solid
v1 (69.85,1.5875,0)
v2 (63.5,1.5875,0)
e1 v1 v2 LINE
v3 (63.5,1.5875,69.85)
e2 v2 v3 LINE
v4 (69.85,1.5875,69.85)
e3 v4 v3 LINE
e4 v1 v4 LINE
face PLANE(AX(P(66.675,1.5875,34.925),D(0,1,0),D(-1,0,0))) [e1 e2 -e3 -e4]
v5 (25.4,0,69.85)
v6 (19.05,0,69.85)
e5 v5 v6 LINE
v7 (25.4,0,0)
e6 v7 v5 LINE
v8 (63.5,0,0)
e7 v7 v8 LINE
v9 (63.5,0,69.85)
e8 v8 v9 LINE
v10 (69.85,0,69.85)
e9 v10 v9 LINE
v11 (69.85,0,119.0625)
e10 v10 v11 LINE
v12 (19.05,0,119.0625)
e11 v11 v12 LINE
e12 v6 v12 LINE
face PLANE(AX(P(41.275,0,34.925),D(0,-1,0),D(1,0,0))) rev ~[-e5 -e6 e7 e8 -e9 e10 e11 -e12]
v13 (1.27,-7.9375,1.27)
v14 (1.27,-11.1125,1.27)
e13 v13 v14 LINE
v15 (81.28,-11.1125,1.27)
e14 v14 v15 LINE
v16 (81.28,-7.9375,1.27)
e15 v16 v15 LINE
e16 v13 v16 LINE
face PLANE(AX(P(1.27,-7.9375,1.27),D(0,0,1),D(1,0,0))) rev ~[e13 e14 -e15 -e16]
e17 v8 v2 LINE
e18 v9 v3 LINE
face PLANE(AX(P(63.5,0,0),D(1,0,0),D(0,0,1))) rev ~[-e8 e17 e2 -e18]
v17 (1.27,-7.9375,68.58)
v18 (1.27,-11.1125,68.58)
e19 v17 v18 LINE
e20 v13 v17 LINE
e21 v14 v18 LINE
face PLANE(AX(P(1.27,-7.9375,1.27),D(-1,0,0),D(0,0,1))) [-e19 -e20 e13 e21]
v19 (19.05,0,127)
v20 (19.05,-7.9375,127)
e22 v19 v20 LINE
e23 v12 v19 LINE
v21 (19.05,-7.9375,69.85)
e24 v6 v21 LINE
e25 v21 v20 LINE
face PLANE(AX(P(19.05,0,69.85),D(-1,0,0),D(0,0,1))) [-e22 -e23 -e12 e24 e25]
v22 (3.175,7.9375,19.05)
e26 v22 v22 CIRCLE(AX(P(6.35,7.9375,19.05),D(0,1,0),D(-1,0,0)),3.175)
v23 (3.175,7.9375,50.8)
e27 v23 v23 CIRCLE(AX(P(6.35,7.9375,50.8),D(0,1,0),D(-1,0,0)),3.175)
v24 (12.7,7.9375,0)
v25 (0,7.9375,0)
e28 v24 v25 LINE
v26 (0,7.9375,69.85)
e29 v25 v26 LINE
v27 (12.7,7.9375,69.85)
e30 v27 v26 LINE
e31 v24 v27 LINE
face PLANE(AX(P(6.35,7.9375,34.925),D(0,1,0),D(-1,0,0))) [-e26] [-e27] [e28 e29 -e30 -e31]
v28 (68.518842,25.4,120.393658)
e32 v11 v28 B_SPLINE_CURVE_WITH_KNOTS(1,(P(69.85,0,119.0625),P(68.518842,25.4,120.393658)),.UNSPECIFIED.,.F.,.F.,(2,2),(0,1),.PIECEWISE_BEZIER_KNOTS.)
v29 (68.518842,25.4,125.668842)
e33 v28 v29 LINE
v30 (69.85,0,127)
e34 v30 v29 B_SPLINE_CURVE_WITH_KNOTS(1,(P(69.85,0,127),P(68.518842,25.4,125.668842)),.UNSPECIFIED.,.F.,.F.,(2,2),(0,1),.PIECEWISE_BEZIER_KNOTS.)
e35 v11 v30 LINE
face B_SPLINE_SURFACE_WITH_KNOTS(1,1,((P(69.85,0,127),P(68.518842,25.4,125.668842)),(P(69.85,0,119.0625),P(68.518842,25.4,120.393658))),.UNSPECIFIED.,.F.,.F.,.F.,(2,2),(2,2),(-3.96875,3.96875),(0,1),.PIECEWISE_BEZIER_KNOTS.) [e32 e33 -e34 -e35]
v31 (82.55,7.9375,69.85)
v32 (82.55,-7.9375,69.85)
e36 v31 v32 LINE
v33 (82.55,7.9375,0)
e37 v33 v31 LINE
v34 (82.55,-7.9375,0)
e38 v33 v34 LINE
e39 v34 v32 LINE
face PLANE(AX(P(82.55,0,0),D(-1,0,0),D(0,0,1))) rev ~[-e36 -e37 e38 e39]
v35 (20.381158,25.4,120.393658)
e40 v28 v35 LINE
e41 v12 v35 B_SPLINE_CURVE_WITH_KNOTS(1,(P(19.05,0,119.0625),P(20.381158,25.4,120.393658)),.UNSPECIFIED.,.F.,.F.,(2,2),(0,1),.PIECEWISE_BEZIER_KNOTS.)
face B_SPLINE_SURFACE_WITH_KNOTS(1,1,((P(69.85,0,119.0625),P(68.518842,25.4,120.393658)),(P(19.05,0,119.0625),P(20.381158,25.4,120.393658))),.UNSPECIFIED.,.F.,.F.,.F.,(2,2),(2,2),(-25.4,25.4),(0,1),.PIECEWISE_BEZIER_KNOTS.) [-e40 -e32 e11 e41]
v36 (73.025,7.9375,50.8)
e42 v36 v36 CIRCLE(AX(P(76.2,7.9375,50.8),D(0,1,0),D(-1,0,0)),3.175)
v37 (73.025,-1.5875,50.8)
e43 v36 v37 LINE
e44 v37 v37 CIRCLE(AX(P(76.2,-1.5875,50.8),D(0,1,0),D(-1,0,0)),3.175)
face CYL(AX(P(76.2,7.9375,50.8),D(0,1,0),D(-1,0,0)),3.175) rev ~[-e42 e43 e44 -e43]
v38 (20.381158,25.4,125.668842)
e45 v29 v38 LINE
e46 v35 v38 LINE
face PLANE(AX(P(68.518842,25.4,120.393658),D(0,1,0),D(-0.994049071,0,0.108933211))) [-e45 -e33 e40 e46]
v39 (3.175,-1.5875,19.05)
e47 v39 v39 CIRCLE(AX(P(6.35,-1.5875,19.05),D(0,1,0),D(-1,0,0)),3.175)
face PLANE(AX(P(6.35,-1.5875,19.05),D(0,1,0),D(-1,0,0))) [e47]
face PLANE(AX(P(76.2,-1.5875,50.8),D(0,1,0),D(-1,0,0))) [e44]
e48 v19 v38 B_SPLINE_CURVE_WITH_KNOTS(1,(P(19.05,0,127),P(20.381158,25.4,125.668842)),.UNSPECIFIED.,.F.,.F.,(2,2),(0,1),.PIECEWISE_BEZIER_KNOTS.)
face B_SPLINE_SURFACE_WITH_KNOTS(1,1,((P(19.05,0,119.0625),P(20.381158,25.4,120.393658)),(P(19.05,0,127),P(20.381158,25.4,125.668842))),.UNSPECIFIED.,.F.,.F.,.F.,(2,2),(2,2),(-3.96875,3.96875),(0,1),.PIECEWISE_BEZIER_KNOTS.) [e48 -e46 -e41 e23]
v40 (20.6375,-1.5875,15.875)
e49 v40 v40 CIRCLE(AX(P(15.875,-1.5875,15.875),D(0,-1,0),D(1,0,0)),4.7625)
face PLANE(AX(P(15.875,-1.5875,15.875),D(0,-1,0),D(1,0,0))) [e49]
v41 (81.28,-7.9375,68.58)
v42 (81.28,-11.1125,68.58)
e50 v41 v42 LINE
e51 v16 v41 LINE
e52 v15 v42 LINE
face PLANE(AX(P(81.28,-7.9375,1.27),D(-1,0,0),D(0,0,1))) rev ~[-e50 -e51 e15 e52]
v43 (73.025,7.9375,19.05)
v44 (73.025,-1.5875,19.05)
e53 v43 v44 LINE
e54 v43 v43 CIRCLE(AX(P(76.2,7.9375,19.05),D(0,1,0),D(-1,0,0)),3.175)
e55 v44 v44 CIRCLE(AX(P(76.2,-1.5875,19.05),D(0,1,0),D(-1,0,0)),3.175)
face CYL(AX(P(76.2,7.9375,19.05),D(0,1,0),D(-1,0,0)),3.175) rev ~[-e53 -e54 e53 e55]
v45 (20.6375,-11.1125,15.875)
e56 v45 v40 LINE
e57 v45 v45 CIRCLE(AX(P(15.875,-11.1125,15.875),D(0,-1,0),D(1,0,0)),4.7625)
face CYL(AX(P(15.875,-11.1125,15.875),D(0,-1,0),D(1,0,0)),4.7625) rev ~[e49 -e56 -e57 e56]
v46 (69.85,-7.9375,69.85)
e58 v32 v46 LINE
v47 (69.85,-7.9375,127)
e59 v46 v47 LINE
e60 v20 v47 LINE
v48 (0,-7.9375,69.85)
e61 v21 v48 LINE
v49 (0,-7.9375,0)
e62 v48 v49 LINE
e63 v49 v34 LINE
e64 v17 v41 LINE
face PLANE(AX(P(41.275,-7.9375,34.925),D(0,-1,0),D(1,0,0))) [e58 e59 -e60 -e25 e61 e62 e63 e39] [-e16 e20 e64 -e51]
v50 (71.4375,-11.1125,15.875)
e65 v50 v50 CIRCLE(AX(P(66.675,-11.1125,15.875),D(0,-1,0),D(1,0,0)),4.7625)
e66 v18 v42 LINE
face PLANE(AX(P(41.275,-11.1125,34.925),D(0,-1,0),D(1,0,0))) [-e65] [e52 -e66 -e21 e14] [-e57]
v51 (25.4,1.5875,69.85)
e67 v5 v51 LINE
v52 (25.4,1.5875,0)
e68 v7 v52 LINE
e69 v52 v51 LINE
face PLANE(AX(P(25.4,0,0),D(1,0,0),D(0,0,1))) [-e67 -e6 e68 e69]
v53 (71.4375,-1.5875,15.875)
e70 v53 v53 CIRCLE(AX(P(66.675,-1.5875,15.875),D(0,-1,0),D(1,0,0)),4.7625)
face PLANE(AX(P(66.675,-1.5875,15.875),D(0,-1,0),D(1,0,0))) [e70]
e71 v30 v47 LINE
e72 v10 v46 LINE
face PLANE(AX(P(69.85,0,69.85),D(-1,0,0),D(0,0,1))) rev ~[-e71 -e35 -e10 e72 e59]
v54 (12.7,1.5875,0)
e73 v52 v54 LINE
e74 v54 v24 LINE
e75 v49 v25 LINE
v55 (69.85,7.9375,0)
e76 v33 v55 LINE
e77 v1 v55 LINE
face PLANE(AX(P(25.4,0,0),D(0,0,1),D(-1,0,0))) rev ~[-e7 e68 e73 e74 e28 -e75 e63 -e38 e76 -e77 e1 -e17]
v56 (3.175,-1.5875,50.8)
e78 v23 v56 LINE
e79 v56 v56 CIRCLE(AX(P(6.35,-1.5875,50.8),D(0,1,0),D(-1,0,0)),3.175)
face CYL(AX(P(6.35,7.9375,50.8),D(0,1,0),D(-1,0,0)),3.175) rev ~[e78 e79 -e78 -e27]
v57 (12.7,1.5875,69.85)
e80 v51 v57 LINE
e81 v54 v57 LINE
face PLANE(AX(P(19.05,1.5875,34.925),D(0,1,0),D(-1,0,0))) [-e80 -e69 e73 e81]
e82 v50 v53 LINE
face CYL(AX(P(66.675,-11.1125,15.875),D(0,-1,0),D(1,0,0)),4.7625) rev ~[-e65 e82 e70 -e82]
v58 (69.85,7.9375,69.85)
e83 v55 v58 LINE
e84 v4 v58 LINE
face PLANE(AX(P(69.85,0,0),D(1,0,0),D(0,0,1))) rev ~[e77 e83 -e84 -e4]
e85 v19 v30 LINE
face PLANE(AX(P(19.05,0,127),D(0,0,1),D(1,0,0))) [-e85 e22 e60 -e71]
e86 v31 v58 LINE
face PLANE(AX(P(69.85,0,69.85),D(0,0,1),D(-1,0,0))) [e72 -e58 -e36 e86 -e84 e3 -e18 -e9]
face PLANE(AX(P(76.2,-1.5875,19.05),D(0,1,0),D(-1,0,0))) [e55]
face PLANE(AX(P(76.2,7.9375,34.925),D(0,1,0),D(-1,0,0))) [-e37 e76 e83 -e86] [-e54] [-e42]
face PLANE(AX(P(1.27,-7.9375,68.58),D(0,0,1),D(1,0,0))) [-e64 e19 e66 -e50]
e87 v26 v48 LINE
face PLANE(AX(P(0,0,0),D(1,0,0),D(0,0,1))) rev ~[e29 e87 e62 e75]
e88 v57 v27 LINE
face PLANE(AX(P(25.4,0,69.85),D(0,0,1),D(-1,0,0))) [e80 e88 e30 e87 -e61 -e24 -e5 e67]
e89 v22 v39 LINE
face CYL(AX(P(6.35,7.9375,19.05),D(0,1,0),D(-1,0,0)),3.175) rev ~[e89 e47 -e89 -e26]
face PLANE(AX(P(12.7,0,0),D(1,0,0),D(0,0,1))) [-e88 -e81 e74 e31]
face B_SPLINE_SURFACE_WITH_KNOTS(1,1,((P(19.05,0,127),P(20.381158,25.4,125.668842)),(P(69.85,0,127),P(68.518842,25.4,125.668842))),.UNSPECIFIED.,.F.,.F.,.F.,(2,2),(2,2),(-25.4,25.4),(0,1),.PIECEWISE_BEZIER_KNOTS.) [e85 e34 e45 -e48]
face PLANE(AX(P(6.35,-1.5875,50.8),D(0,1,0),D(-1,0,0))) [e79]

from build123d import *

# Parameters (mm, degrees)
F0_W      = 50.8
F0_H      = 57.15
F1_DEPTH  = 7.9375
F2_W      = 12.7
F2_H      = 69.85
F3_DEPTH  = 7.9375
F4_W      = 12.7
F4_H      = 69.85
F4_W_2    = 6.35
F5_DEPTH  = 1.5875
F6_W      = 50.8
F6_H      = 7.9375
F7_DEPTH  = 25.4
F7_TAPER  = 3
F8_W      = 80.01
F8_H      = 67.31
F9_DEPTH  = 3.175
F10_R     = 4.7625
F11_DEPTH = 9.525
F12_R     = 3.175
F13_DEPTH = 9.525


with BuildPart() as f1:
    # F0 (on Front) → F1 (new body)
    with BuildSketch(Plane.XZ):
        Polygon((0, 69.85), (0, 0), (82.55, 0), (82.55, 69.85), (69.85, 69.85), (19.05, 69.85), align=None)
        with Locations((44.45, 98.425)):
            Rectangle(F0_W, F0_H)
    extrude(amount=F1_DEPTH)

    # F2 (on face) → F3 (join)
    with BuildSketch(Plane(origin=(0, 0, 0), x_dir=(-1, 0, 0), z_dir=(0, 1, 0))):
        with Locations((-6.35, 34.925)):
            Rectangle(F2_W, F2_H)
        with Locations((-76.2, 34.925)):
            Rectangle(F2_W, F2_H)
    extrude(amount=F3_DEPTH)

    # F4 (on face) → F5 (join)
    with BuildSketch(Plane(origin=(0, 0, 0), x_dir=(-1, 0, 0), z_dir=(0, 1, 0))):
        with Locations((-19.05, 34.925)):
            Rectangle(F4_W, F4_H)
        with Locations((-66.675, 34.925)):
            Rectangle(F4_W_2, F4_H)
    extrude(amount=F5_DEPTH)

    # F6 (on face) → F7 (join)
    with BuildSketch(Plane(origin=(0, 0, 0), x_dir=(-1, 0, 0), z_dir=(0, 1, 0))):
        with Locations((-44.45, 123.03125)):
            Rectangle(F6_W, F6_H)
    extrude(amount=F7_DEPTH, taper=F7_TAPER)

    # F8 (on face) → F9 (join)
    with BuildSketch(Plane.XZ.offset(7.9375)):
        with Locations((41.275, 34.925)):
            Rectangle(F8_W, F8_H)
    extrude(amount=F9_DEPTH)

    # F10 (on face) → F11 (cut)
    with BuildSketch(Plane.XZ.offset(11.1125)):
        with Locations((15.875, 15.875)):
            Circle(F10_R)
        with Locations((66.675, 15.875)):
            Circle(F10_R)
    extrude(amount=-F11_DEPTH, mode=Mode.SUBTRACT)

    # F12 (on face) → F13 (cut)
    with BuildSketch(Plane(origin=(0, 7.9375, 0), x_dir=(-1, 0, 0), z_dir=(0, 1, 0))):
        with Locations((-76.2, 50.8)):
            Circle(F12_R)
        with Locations((-76.2, 19.05)):
            Circle(F12_R)
        with Locations((-6.35, 50.8)):
            Circle(F12_R)
        with Locations((-6.35, 19.05)):
            Circle(F12_R)
    extrude(amount=-F13_DEPTH, mode=Mode.SUBTRACT)


solid = f1.part
